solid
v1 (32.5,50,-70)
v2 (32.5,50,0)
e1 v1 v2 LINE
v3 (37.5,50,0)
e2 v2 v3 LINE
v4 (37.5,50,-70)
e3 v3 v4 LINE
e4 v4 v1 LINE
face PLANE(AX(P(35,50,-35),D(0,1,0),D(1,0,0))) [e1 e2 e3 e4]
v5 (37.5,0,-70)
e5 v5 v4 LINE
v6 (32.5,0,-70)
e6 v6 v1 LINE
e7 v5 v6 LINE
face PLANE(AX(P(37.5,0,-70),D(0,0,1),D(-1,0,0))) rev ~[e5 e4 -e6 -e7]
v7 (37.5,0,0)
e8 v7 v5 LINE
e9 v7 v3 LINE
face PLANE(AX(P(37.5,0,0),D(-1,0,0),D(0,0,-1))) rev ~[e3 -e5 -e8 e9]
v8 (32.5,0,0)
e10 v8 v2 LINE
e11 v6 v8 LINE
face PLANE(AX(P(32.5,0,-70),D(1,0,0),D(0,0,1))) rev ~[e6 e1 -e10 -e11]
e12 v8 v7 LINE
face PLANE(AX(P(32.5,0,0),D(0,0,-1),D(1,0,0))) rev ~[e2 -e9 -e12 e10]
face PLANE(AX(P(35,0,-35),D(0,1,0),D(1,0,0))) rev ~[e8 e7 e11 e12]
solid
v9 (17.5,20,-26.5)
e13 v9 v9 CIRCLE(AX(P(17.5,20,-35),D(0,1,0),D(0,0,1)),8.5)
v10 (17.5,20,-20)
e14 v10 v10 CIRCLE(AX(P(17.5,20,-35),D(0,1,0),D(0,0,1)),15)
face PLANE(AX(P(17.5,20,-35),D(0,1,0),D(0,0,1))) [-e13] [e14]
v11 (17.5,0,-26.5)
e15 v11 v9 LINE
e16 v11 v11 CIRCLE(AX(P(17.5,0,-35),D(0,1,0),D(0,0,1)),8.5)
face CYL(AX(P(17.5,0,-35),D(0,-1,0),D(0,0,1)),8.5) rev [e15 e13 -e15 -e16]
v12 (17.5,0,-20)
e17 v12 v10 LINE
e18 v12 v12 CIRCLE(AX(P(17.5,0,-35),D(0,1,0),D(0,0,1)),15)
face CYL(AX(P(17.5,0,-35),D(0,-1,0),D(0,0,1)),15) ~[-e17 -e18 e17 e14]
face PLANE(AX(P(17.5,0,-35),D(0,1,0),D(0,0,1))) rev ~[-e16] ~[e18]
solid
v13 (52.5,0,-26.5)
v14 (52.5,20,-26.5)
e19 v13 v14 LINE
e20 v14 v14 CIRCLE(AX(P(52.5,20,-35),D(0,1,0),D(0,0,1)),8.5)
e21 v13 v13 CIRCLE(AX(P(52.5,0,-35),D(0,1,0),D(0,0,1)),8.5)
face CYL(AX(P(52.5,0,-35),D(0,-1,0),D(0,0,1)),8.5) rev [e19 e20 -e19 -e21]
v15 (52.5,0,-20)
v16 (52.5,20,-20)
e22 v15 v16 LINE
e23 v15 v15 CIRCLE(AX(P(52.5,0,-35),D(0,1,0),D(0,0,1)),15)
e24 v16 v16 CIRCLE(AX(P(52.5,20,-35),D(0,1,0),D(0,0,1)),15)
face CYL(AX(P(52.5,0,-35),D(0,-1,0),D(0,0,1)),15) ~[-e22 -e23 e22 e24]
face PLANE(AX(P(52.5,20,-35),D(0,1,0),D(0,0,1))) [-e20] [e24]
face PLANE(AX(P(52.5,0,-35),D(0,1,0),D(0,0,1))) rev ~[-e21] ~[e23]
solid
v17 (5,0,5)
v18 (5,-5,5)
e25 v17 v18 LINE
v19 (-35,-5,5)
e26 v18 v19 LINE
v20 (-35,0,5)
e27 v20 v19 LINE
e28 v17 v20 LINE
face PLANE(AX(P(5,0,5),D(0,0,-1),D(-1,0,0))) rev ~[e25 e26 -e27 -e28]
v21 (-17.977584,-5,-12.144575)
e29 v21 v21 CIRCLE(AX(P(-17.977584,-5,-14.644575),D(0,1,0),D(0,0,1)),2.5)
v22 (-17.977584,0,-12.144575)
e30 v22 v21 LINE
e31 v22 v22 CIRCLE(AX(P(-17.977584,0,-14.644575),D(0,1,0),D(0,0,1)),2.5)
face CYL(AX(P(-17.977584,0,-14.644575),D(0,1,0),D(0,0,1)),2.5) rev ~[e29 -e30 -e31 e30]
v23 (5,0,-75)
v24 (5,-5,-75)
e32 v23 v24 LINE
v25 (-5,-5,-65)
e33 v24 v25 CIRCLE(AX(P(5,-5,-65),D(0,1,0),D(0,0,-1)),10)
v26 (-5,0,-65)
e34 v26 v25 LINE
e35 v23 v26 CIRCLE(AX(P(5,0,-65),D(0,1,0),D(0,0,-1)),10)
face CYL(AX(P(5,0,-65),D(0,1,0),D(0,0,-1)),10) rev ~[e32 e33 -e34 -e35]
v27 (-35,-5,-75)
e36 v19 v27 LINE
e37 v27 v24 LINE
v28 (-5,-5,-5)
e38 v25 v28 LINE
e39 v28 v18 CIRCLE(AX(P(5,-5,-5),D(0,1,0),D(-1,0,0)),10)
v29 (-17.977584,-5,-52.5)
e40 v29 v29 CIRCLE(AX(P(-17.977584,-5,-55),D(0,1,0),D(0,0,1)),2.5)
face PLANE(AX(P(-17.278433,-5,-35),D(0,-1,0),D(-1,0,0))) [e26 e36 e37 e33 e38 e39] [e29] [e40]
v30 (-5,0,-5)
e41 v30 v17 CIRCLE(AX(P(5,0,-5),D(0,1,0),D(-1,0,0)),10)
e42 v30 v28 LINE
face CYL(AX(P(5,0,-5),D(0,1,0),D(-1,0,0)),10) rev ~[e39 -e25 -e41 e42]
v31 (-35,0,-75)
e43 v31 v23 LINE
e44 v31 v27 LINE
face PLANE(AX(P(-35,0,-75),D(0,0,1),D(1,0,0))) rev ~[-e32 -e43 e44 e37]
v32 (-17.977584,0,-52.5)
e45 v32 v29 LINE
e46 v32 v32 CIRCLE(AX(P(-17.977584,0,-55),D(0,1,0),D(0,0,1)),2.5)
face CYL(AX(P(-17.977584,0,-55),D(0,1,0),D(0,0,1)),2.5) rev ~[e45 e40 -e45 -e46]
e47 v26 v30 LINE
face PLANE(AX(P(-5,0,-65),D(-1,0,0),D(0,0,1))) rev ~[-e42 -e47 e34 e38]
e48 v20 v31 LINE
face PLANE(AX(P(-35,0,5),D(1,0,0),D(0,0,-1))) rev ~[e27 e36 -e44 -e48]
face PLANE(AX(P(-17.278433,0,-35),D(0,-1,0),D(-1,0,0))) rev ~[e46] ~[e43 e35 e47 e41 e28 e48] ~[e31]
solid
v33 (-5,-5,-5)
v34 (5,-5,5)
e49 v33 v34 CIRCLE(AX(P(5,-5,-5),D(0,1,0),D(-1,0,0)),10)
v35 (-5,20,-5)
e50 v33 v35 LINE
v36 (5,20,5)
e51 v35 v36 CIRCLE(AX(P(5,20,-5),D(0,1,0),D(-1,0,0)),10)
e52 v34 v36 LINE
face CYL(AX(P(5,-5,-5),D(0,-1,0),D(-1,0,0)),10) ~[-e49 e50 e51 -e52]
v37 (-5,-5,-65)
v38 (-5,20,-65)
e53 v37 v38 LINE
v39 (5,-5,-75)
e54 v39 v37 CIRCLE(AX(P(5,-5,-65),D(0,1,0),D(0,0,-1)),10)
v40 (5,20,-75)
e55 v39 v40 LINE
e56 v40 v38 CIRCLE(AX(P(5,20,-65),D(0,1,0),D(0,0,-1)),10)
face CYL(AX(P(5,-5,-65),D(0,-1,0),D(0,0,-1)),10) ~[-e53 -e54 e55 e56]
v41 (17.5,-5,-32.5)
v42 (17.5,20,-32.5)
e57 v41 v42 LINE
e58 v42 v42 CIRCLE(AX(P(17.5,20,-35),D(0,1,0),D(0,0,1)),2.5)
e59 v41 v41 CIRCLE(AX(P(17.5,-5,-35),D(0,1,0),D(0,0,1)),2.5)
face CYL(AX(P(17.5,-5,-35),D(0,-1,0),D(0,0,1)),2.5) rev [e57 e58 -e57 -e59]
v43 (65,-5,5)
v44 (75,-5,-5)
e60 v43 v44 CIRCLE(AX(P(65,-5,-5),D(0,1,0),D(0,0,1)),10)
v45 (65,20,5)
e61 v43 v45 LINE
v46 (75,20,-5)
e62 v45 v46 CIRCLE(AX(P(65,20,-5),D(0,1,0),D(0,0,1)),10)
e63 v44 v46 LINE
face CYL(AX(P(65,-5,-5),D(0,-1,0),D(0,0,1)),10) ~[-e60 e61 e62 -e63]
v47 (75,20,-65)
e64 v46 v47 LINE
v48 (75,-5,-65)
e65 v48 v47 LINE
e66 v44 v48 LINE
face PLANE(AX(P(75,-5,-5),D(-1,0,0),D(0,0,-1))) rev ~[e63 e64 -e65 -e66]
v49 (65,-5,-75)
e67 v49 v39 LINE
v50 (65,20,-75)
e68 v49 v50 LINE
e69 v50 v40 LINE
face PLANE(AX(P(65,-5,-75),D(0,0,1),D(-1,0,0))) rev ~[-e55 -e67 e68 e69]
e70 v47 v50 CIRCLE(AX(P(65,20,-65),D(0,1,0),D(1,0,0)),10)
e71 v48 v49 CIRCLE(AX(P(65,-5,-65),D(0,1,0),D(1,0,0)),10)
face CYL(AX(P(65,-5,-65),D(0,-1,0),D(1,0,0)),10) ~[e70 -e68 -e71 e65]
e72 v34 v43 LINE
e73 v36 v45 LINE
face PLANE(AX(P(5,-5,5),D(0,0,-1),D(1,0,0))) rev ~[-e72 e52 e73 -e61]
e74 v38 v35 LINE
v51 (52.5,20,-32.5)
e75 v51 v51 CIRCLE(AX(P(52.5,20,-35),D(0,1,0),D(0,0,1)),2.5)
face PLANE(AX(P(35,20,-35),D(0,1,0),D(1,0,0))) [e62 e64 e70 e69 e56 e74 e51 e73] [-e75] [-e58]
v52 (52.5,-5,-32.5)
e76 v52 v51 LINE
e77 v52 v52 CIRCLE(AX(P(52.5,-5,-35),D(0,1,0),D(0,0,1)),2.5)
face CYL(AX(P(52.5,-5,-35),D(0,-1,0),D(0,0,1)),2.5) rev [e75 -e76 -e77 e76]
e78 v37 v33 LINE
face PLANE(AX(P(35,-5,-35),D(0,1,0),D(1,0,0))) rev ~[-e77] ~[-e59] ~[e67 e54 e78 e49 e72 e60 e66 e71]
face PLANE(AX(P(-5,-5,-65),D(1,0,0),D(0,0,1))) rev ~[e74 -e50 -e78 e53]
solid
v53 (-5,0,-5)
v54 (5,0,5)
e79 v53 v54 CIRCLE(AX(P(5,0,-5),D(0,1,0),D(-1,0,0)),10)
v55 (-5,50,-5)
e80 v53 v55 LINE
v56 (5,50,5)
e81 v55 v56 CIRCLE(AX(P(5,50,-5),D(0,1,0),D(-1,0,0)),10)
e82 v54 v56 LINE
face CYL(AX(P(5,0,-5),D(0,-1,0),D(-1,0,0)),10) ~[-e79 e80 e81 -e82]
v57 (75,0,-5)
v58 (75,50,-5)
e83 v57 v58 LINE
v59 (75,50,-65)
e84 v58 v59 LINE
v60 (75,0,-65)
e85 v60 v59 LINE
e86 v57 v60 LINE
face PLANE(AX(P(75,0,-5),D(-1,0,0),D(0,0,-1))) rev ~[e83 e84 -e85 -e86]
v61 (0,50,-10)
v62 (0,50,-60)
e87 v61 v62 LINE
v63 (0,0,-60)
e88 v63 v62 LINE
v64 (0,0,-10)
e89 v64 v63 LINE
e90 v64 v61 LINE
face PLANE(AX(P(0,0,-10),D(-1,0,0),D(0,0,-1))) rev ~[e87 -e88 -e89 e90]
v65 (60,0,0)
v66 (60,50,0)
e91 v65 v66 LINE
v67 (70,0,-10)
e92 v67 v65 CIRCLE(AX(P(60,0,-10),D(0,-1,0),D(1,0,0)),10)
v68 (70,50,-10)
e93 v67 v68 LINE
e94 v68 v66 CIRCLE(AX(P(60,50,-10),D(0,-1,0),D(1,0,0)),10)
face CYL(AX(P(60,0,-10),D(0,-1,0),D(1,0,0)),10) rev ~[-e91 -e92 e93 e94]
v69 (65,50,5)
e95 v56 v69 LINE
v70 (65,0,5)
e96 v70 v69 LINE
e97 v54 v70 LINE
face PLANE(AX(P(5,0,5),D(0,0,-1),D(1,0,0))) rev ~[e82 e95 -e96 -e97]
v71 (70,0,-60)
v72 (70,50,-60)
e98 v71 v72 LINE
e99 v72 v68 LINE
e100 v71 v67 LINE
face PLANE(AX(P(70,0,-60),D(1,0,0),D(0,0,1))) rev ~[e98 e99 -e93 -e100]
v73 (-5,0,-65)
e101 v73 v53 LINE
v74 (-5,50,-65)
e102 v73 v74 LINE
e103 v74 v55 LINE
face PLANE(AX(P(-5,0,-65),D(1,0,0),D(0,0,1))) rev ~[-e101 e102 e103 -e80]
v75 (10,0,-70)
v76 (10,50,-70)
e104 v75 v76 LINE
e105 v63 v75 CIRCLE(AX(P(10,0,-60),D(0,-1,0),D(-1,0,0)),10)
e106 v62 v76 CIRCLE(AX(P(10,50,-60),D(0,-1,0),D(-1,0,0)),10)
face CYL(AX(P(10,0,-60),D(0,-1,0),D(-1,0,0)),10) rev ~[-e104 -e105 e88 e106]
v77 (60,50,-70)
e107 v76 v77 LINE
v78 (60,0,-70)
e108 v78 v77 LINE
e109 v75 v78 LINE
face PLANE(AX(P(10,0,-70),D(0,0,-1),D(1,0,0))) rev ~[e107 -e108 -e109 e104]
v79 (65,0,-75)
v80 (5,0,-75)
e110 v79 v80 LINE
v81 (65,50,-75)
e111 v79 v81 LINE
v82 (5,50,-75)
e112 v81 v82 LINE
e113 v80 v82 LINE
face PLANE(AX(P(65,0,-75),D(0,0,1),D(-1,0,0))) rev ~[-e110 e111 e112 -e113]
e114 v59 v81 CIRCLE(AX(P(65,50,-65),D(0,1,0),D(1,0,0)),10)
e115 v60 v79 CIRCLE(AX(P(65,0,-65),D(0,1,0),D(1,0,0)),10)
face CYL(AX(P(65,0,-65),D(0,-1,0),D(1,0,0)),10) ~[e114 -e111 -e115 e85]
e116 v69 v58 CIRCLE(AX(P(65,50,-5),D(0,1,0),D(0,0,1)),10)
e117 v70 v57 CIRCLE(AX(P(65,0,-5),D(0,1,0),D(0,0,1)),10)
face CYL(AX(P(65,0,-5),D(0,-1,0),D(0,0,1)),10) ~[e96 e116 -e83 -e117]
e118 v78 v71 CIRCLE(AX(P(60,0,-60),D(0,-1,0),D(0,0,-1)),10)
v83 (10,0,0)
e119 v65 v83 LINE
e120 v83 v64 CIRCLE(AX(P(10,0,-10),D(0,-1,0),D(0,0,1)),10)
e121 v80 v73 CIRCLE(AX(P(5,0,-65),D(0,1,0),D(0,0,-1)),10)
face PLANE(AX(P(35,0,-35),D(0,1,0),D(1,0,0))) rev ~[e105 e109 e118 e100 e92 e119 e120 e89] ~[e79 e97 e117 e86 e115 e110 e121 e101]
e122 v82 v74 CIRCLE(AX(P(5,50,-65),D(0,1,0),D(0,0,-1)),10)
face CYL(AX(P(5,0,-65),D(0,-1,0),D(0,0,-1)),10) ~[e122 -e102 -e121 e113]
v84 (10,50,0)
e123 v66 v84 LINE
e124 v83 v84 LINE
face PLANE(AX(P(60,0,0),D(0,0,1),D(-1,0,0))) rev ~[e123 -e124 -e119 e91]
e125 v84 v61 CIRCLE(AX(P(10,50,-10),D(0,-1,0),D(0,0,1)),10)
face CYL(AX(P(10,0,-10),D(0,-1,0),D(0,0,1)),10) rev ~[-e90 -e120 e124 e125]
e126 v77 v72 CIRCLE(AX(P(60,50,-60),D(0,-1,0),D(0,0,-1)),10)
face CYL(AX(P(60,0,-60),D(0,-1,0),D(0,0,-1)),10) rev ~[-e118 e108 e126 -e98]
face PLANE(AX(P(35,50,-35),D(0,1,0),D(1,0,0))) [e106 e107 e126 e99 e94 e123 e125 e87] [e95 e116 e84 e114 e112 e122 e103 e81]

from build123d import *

# Parameters (mm, degrees)
BOSS_EXTRUDE1_DEPTH      = 50
BOSS_EXTRUDE3_DEPTH      = 50
SKETCH2_6_R              = 15
SKETCH2_6_R_2            = 8.5
BOSS_EXTRUDE4_DEPTH      = 20
BOSS_EXTRUDE4_2_DEPTH    = 20
BOSS_EXTRUDE5_DEPTH      = 20
BOSS_EXTRUDE5_DEPTH_BACK = 5
SKETCH2_7_R              = 2.5
SKETCH2_8_R              = 2.5
BOSS_EXTRUDE6_DEPTH      = 5


with BuildPart() as part:
    # Sketch2 → Boss-Extrude1 (new body)
    with BuildSketch(Plane(origin=(0, 0, 0), x_dir=(1, 0, 0), z_dir=(0, 1, 0))):
        with BuildLine():
            Line((65, 75), (5, 75))
            ThreePointArc((5, 75), (-2.071067812, 72.071067812), (-5, 65))
            Line((-5, 65), (-5, 5))
            ThreePointArc((-5, 5), (-2.071067812, -2.071067812), (5, -5))
            Line((5, -5), (65, -5))
            ThreePointArc((65, -5), (72.071067812, -2.071067812), (75, 5))
            Line((75, 5), (75, 65))
            ThreePointArc((75, 65), (72.071067812, 72.071067812), (65, 75))
        make_face()
        with BuildLine():
            Line((10, 70), (32.5, 70))
            Line((32.5, 70), (37.5, 70))
            Line((37.5, 70), (60, 70))
            ThreePointArc((60, 70), (67.071067812, 67.071067812), (70, 60))
            Line((70, 60), (70, 10))
            ThreePointArc((70, 10), (67.071067812, 2.928932188), (60, 0))
            Line((60, 0), (37.5, 0))
            Line((37.5, 0), (32.5, 0))
            Line((32.5, 0), (10, 0))
            ThreePointArc((10, 0), (2.928932188, 2.928932188), (0, 10))
            Line((0, 10), (0, 60))
            ThreePointArc((0, 60), (2.928932188, 67.071067812), (10, 70))
        make_face(mode=Mode.SUBTRACT)
    extrude(amount=BOSS_EXTRUDE1_DEPTH)


with BuildPart() as body_2:
    # Sketch2<5> → Boss-Extrude3 (new body)
    with BuildSketch(Plane(origin=(0, 0, 0), x_dir=(1, 0, 0), z_dir=(0, 1, 0))):
        Polygon((32.5, 70), (32.5, 35), (32.5, 0), (37.5, 0), (37.5, 35), (37.5, 70), align=None)
    extrude(amount=BOSS_EXTRUDE3_DEPTH)


with BuildPart() as body_3:
    # Sketch2<6> → Boss-Extrude4 (new body)
    with BuildSketch(Plane(origin=(0, 0, 0), x_dir=(1, 0, 0), z_dir=(0, 1, 0))):
        with Locations((17.5, 35)):
            Circle(SKETCH2_6_R)
        with Locations((17.5, 35)):
            Circle(SKETCH2_6_R_2, mode=Mode.SUBTRACT)
    extrude(amount=BOSS_EXTRUDE4_DEPTH)


with BuildPart() as body_4:
    # Sketch2<6> → Boss-Extrude4 2 (new body)
    with BuildSketch(Plane(origin=(0, 0, 0), x_dir=(1, 0, 0), z_dir=(0, 1, 0))):
        with Locations((52.5, 35)):
            Circle(SKETCH2_6_R)
        with Locations((52.5, 35)):
            Circle(SKETCH2_6_R_2, mode=Mode.SUBTRACT)
    extrude(amount=BOSS_EXTRUDE4_2_DEPTH)


with BuildPart() as body_5:
    # Sketch2<7> → Boss-Extrude5 (new, two sides: drawn at the far end of the back side and taken through both)
    with BuildSketch(Plane(origin=(0, 0, 0), x_dir=(1, 0, 0), z_dir=(0, 1, 0)).offset(-BOSS_EXTRUDE5_DEPTH_BACK)):
        with BuildLine():
            Line((65, 75), (5, 75))
            ThreePointArc((5, 75), (-2.071067812, 72.071067812), (-5, 65))
            Line((-5, 65), (-5, 5))
            ThreePointArc((-5, 5), (-2.071067812, -2.071067812), (5, -5))
            Line((5, -5), (65, -5))
            ThreePointArc((65, -5), (72.071067812, -2.071067812), (75, 5))
            Line((75, 5), (75, 65))
            ThreePointArc((75, 65), (72.071067812, 72.071067812), (65, 75))
        make_face()
        with Locations((17.5, 35)):
            Circle(SKETCH2_7_R, mode=Mode.SUBTRACT)
        with Locations((52.5, 35)):
            Circle(SKETCH2_7_R, mode=Mode.SUBTRACT)
    extrude(amount=BOSS_EXTRUDE5_DEPTH + BOSS_EXTRUDE5_DEPTH_BACK)


with BuildPart() as body_6:
    # Sketch2<8> → Boss-Extrude6 (new body)
    with BuildSketch(Plane(origin=(0, 0, 0), x_dir=(1, 0, 0), z_dir=(0, 1, 0))):
        with BuildLine():
            ThreePointArc((-5, 65), (-2.071067812, 72.071067812), (5, 75))
            Line((5, 75), (-35, 75))
            Line((-35, 75), (-35, -5))
            Line((-35, -5), (5, -5))
            ThreePointArc((5, -5), (-2.071067812, -2.071067812), (-5, 5))
            Line((-5, 5), (-5, 65))
        make_face()
        with Locations((-17.977583799, 14.644574594)):
            Circle(SKETCH2_8_R, mode=Mode.SUBTRACT)
        with Locations((-17.977583799, 55)):
            Circle(SKETCH2_8_R, mode=Mode.SUBTRACT)
    extrude(amount=-BOSS_EXTRUDE6_DEPTH)


solid = Compound([part.part, body_2.part, body_3.part, body_4.part, body_5.part, body_6.part])
